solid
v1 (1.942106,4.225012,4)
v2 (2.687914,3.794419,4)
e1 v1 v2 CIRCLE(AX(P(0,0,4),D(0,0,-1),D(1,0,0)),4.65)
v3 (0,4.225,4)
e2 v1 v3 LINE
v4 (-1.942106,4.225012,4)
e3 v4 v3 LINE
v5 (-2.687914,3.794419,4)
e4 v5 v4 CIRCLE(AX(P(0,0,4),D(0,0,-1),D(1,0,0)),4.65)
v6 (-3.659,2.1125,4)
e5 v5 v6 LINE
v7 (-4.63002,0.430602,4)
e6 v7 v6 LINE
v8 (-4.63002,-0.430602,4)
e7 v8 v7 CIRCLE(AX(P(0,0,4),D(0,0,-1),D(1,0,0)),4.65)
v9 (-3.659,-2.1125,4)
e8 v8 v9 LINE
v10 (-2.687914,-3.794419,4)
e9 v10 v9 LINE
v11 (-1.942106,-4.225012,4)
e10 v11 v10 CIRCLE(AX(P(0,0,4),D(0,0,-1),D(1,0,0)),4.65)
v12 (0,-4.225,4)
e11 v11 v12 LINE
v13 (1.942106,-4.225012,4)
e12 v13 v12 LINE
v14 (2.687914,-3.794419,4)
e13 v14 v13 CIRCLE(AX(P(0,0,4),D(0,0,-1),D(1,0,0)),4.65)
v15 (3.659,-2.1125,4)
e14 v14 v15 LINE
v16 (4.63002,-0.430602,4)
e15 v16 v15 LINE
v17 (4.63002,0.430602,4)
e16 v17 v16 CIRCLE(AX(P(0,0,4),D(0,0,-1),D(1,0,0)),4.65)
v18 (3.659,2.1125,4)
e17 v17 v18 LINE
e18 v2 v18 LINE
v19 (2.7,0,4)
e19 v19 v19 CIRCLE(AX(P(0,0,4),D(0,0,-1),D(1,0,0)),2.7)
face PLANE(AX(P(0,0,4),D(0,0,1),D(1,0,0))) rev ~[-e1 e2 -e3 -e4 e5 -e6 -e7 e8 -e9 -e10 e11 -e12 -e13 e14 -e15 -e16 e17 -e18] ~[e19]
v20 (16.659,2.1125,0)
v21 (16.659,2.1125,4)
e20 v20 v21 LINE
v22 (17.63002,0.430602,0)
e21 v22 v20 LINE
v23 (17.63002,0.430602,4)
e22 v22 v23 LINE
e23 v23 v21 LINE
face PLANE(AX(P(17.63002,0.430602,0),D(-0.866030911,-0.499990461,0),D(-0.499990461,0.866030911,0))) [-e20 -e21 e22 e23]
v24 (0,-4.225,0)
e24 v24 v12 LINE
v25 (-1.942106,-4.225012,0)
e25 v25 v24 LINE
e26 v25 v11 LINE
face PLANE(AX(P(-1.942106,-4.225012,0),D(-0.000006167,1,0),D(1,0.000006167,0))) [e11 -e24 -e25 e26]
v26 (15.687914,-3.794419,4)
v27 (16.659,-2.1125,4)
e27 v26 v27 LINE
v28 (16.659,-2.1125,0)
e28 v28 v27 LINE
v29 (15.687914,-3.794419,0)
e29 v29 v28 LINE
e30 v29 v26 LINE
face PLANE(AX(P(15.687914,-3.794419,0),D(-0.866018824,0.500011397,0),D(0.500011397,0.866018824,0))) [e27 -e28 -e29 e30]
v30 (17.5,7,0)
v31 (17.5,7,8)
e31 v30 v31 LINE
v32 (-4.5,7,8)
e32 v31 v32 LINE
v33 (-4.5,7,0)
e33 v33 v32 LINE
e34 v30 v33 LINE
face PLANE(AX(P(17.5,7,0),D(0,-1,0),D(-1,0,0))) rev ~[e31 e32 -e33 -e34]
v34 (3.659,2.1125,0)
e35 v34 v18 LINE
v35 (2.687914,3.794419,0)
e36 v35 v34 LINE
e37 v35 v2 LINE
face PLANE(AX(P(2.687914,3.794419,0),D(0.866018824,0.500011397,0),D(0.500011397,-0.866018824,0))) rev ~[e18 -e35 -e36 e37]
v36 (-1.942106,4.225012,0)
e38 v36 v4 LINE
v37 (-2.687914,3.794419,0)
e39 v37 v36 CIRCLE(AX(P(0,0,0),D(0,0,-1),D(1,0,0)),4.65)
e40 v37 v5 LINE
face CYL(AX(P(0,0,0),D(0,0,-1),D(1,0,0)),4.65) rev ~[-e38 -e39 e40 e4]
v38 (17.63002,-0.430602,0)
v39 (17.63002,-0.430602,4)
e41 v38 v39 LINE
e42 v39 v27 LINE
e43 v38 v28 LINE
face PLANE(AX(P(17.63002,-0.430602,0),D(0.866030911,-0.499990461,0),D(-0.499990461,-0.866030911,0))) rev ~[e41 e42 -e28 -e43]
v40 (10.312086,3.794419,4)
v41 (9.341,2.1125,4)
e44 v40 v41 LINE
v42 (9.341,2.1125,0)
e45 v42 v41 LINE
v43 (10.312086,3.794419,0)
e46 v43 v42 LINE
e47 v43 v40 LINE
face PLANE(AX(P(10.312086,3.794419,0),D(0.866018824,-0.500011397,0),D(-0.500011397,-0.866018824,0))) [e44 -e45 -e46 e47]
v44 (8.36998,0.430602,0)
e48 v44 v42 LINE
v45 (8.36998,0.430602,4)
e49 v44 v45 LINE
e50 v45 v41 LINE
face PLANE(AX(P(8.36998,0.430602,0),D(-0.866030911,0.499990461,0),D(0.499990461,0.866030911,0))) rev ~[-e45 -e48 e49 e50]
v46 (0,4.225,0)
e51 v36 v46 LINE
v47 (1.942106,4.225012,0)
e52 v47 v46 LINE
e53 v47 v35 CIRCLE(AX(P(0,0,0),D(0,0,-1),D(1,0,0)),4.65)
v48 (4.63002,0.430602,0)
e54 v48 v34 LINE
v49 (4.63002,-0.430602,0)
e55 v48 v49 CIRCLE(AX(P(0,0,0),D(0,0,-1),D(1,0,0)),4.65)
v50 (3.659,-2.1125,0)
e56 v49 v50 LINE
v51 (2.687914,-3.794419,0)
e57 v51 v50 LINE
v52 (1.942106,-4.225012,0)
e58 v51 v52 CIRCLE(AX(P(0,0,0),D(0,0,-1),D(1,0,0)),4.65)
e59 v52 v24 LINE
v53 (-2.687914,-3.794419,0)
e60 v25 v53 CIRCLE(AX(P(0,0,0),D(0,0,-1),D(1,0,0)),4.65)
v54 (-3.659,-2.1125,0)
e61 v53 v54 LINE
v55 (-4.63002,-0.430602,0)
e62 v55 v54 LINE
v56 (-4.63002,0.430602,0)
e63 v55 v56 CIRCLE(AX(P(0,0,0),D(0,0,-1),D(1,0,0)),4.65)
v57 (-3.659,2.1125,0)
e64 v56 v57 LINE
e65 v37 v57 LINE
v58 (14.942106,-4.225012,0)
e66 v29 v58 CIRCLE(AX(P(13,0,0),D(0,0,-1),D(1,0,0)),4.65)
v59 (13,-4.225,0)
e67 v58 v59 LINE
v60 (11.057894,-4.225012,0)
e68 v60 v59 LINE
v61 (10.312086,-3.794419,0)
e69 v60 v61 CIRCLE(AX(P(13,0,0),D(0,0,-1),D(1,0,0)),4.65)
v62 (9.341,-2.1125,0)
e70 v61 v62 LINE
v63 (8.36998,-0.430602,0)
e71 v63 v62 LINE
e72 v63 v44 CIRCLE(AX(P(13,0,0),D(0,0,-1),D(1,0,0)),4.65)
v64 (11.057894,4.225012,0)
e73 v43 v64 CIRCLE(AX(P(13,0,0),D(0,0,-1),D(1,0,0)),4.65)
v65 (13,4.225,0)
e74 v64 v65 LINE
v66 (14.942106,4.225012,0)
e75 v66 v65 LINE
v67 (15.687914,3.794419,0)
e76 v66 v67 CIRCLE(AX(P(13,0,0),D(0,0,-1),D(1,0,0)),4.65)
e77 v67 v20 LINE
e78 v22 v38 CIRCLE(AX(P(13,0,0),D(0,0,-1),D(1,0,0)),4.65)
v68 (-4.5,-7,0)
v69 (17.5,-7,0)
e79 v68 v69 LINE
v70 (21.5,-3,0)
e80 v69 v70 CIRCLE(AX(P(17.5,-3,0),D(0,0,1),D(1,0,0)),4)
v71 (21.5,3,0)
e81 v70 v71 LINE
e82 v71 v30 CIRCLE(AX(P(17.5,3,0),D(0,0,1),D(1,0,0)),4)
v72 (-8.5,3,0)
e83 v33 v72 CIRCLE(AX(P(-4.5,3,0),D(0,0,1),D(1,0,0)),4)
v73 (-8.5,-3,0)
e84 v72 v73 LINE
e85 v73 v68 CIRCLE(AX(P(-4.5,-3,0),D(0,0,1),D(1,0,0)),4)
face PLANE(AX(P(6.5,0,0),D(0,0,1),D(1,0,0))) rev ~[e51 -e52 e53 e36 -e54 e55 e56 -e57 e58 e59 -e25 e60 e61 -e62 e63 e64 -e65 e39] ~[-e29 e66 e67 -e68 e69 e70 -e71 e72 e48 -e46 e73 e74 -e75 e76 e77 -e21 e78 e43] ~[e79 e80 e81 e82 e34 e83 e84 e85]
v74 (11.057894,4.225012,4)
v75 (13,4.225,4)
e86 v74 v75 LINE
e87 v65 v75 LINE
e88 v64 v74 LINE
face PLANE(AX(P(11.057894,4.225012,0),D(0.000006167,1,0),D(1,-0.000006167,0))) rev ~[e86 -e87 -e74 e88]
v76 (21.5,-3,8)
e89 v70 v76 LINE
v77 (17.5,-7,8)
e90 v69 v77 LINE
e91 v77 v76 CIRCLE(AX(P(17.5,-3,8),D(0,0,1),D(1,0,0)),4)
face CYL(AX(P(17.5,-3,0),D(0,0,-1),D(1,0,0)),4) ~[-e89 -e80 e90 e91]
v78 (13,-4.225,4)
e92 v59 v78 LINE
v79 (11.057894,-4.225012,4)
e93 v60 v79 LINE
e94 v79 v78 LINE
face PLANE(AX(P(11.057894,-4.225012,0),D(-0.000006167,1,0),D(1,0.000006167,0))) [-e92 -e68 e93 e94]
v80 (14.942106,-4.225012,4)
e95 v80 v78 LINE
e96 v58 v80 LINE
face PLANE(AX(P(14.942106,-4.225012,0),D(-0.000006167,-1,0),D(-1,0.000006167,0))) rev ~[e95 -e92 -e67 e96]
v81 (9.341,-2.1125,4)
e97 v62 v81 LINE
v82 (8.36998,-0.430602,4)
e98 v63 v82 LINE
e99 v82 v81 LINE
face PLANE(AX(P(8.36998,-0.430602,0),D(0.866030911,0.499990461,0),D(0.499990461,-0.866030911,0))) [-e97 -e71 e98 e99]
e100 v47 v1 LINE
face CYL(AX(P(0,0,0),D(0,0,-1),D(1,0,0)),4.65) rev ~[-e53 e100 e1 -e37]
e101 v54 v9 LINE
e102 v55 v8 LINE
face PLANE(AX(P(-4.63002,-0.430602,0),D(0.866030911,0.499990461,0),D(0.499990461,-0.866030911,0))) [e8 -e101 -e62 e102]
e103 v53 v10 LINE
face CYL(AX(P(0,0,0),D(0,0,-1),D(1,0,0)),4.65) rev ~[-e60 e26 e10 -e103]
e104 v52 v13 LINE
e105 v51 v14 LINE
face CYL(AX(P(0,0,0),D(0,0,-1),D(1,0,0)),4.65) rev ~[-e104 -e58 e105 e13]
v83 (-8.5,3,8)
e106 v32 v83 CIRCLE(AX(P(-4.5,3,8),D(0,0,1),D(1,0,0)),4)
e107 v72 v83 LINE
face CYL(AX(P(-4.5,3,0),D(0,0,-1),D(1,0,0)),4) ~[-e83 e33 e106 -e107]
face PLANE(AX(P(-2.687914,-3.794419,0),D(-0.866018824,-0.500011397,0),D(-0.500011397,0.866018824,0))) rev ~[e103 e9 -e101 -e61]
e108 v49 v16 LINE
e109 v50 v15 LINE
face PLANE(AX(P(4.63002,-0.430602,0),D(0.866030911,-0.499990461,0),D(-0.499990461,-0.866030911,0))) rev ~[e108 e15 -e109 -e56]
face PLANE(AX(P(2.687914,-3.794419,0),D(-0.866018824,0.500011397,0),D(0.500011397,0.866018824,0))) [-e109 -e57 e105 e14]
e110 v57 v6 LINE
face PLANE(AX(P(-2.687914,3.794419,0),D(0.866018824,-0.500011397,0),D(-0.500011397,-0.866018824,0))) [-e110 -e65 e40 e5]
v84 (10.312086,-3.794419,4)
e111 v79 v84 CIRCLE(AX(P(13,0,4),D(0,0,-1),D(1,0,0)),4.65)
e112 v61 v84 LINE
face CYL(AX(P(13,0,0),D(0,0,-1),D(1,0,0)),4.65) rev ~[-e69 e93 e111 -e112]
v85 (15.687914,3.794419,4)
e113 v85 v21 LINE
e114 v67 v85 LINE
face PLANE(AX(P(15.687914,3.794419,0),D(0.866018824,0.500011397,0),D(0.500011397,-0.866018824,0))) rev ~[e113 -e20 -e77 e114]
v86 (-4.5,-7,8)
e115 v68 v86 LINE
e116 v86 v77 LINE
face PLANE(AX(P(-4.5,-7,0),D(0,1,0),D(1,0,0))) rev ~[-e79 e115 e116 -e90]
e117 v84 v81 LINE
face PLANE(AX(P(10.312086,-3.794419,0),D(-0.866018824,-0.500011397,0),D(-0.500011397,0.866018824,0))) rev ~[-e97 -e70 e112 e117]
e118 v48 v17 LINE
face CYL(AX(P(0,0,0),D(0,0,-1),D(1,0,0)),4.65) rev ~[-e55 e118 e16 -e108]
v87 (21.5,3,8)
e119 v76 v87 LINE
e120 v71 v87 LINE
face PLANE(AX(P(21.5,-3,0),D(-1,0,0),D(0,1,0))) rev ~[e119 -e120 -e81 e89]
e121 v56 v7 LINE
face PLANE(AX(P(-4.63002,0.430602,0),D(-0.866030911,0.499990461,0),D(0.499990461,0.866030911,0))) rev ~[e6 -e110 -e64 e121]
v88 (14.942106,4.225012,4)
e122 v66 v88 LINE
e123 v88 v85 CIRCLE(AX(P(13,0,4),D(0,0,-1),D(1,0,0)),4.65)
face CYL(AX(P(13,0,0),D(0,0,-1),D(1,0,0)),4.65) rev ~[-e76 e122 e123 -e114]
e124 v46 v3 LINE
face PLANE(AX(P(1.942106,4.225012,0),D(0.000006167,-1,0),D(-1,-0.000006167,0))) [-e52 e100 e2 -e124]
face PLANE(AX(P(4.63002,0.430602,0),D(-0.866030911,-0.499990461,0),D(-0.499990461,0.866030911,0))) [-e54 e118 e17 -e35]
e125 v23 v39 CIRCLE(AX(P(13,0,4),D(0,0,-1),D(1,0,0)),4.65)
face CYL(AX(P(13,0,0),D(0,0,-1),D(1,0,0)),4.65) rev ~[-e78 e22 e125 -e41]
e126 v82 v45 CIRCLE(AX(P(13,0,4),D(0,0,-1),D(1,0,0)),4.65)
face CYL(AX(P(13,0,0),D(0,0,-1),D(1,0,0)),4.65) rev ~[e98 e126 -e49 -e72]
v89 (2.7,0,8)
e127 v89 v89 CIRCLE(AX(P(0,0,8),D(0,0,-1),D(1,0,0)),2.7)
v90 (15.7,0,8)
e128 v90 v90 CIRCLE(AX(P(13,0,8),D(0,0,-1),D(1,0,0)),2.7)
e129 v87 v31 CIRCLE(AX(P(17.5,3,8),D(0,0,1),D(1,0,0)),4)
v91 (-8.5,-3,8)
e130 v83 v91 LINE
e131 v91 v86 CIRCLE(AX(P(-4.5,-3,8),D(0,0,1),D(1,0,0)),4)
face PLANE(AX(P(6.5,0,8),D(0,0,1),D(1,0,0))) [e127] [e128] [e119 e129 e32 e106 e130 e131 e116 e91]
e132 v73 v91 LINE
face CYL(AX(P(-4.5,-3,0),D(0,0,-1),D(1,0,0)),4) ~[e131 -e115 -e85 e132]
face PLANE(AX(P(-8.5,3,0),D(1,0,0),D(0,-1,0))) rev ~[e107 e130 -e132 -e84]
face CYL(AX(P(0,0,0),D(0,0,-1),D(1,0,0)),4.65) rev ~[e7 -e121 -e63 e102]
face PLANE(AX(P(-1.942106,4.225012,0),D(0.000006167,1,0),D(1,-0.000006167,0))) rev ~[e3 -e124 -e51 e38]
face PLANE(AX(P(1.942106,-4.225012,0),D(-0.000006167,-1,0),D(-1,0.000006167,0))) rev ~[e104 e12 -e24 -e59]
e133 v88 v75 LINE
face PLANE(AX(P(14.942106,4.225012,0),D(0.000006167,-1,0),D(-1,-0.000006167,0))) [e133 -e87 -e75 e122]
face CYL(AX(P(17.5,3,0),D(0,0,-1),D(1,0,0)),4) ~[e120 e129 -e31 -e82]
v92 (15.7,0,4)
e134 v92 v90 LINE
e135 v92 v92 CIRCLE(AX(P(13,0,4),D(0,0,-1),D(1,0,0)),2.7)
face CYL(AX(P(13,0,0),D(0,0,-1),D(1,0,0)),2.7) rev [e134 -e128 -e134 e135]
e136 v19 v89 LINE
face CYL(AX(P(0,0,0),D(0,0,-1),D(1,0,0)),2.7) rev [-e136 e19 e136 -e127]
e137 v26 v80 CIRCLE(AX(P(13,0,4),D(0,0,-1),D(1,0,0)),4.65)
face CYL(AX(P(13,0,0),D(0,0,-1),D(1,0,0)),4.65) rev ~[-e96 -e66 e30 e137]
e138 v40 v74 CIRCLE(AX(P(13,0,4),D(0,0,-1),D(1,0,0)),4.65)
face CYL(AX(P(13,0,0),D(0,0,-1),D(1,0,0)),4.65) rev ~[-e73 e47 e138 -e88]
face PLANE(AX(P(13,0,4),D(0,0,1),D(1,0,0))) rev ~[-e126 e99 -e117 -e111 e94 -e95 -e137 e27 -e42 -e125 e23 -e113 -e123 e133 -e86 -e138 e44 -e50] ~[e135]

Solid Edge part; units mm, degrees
sketch "Sketch1" plane through (0, 0, 0) normal (0, 0, 1) x (1, 0, 0)
  line L0 (-4.5, -7) -> (17.5, -7)
  arc A0 (17.5, -7) -> (21.5, -3) centre (17.5, -3) ccw
  line L1 (21.5, -3) -> (21.5, 3)
  arc A1 (21.5, 3) -> (17.5, 7) centre (17.5, 3) ccw
  line L2 (17.5, 7) -> (-4.5, 7)
  arc A2 (-4.5, 7) -> (-8.5, 3) centre (-4.5, 3) ccw
  line L3 (-8.5, 3) -> (-8.5, -3)
  arc A3 (-8.5, -3) -> (-4.5, -7) centre (-4.5, -3) ccw
extrude "Protrusion1" add sketch "Sketch1" along normal blind 8
sketch "Sketch2" plane through (0, 0, 0) normal (0, 0, 1) x (1, 0, 0)
  line L0 (-1.9421, -4.225) -> (0, -4.225)
  line L1 (1.9421, -4.225) -> (0, -4.225)
  arc A0 (2.6879, -3.7944) -> (1.9421, -4.225) centre (0, 0) cw
  line L2 (2.6879, -3.7944) -> (3.659, -2.1125)
  line L3 (4.63, -0.4306) -> (3.659, -2.1125)
  arc A1 (4.63, 0.4306) -> (4.63, -0.4306) centre (0, 0) cw
  line L4 (4.63, 0.4306) -> (3.659, 2.1125)
  line L5 (2.6879, 3.7944) -> (3.659, 2.1125)
  arc A2 (1.9421, 4.225) -> (2.6879, 3.7944) centre (0, 0) cw
  line L6 (1.9421, 4.225) -> (0, 4.225)
  line L7 (-1.9421, 4.225) -> (0, 4.225)
  arc A3 (-2.6879, 3.7944) -> (-1.9421, 4.225) centre (0, 0) cw
  line L8 (-2.6879, 3.7944) -> (-3.659, 2.1125)
  line L9 (-4.63, 0.4306) -> (-3.659, 2.1125)
  arc A4 (-4.63, -0.4306) -> (-4.63, 0.4306) centre (0, 0) cw
  line L10 (-4.63, -0.4306) -> (-3.659, -2.1125)
  line L11 (-2.6879, -3.7944) -> (-3.659, -2.1125)
  arc A5 (-1.9421, -4.225) -> (-2.6879, -3.7944) centre (0, 0) cw
  line L12 (11.0579, -4.225) -> (13, -4.225)
  line L13 (14.9421, -4.225) -> (13, -4.225)
  arc A6 (15.6879, -3.7944) -> (14.9421, -4.225) centre (13, 0) cw
  line L14 (15.6879, -3.7944) -> (16.659, -2.1125)
  line L15 (17.63, -0.4306) -> (16.659, -2.1125)
  arc A7 (17.63, 0.4306) -> (17.63, -0.4306) centre (13, 0) cw
  line L16 (17.63, 0.4306) -> (16.659, 2.1125)
  line L17 (15.6879, 3.7944) -> (16.659, 2.1125)
  arc A8 (14.9421, 4.225) -> (15.6879, 3.7944) centre (13, 0) cw
  line L18 (14.9421, 4.225) -> (13, 4.225)
  line L19 (11.0579, 4.225) -> (13, 4.225)
  arc A9 (10.3121, 3.7944) -> (11.0579, 4.225) centre (13, 0) cw
  line L20 (10.3121, 3.7944) -> (9.341, 2.1125)
  line L21 (8.37, 0.4306) -> (9.341, 2.1125)
  arc A10 (8.37, -0.4306) -> (8.37, 0.4306) centre (13, 0) cw
  line L22 (8.37, -0.4306) -> (9.341, -2.1125)
  line L23 (10.3121, -3.7944) -> (9.341, -2.1125)
  arc A11 (11.0579, -4.225) -> (10.3121, -3.7944) centre (13, 0) cw
  dimension "D1" = 6
  dimension "D2" = 13
  dimension "D3" = 22
extrude "ExtrudedCutout_1" cut sketch "Sketch2" along normal blind 4
sketch "Sketch3" plane through (0, 0, 0) normal (0, 0, 1) x (1, 0, 0)
  circle A0 centre (0, 0) radius 2.7
  circle A1 centre (13, 0) radius 2.7
  dimension "D1" = 6
  dimension "D2" = 13
  dimension "D3" = 22
extrude "Cutout1" cut sketch "Sketch3" along normal through all
chamfer "Chamfer_1" [suppressed]
properties material "ABS Plastic, medium impact"
